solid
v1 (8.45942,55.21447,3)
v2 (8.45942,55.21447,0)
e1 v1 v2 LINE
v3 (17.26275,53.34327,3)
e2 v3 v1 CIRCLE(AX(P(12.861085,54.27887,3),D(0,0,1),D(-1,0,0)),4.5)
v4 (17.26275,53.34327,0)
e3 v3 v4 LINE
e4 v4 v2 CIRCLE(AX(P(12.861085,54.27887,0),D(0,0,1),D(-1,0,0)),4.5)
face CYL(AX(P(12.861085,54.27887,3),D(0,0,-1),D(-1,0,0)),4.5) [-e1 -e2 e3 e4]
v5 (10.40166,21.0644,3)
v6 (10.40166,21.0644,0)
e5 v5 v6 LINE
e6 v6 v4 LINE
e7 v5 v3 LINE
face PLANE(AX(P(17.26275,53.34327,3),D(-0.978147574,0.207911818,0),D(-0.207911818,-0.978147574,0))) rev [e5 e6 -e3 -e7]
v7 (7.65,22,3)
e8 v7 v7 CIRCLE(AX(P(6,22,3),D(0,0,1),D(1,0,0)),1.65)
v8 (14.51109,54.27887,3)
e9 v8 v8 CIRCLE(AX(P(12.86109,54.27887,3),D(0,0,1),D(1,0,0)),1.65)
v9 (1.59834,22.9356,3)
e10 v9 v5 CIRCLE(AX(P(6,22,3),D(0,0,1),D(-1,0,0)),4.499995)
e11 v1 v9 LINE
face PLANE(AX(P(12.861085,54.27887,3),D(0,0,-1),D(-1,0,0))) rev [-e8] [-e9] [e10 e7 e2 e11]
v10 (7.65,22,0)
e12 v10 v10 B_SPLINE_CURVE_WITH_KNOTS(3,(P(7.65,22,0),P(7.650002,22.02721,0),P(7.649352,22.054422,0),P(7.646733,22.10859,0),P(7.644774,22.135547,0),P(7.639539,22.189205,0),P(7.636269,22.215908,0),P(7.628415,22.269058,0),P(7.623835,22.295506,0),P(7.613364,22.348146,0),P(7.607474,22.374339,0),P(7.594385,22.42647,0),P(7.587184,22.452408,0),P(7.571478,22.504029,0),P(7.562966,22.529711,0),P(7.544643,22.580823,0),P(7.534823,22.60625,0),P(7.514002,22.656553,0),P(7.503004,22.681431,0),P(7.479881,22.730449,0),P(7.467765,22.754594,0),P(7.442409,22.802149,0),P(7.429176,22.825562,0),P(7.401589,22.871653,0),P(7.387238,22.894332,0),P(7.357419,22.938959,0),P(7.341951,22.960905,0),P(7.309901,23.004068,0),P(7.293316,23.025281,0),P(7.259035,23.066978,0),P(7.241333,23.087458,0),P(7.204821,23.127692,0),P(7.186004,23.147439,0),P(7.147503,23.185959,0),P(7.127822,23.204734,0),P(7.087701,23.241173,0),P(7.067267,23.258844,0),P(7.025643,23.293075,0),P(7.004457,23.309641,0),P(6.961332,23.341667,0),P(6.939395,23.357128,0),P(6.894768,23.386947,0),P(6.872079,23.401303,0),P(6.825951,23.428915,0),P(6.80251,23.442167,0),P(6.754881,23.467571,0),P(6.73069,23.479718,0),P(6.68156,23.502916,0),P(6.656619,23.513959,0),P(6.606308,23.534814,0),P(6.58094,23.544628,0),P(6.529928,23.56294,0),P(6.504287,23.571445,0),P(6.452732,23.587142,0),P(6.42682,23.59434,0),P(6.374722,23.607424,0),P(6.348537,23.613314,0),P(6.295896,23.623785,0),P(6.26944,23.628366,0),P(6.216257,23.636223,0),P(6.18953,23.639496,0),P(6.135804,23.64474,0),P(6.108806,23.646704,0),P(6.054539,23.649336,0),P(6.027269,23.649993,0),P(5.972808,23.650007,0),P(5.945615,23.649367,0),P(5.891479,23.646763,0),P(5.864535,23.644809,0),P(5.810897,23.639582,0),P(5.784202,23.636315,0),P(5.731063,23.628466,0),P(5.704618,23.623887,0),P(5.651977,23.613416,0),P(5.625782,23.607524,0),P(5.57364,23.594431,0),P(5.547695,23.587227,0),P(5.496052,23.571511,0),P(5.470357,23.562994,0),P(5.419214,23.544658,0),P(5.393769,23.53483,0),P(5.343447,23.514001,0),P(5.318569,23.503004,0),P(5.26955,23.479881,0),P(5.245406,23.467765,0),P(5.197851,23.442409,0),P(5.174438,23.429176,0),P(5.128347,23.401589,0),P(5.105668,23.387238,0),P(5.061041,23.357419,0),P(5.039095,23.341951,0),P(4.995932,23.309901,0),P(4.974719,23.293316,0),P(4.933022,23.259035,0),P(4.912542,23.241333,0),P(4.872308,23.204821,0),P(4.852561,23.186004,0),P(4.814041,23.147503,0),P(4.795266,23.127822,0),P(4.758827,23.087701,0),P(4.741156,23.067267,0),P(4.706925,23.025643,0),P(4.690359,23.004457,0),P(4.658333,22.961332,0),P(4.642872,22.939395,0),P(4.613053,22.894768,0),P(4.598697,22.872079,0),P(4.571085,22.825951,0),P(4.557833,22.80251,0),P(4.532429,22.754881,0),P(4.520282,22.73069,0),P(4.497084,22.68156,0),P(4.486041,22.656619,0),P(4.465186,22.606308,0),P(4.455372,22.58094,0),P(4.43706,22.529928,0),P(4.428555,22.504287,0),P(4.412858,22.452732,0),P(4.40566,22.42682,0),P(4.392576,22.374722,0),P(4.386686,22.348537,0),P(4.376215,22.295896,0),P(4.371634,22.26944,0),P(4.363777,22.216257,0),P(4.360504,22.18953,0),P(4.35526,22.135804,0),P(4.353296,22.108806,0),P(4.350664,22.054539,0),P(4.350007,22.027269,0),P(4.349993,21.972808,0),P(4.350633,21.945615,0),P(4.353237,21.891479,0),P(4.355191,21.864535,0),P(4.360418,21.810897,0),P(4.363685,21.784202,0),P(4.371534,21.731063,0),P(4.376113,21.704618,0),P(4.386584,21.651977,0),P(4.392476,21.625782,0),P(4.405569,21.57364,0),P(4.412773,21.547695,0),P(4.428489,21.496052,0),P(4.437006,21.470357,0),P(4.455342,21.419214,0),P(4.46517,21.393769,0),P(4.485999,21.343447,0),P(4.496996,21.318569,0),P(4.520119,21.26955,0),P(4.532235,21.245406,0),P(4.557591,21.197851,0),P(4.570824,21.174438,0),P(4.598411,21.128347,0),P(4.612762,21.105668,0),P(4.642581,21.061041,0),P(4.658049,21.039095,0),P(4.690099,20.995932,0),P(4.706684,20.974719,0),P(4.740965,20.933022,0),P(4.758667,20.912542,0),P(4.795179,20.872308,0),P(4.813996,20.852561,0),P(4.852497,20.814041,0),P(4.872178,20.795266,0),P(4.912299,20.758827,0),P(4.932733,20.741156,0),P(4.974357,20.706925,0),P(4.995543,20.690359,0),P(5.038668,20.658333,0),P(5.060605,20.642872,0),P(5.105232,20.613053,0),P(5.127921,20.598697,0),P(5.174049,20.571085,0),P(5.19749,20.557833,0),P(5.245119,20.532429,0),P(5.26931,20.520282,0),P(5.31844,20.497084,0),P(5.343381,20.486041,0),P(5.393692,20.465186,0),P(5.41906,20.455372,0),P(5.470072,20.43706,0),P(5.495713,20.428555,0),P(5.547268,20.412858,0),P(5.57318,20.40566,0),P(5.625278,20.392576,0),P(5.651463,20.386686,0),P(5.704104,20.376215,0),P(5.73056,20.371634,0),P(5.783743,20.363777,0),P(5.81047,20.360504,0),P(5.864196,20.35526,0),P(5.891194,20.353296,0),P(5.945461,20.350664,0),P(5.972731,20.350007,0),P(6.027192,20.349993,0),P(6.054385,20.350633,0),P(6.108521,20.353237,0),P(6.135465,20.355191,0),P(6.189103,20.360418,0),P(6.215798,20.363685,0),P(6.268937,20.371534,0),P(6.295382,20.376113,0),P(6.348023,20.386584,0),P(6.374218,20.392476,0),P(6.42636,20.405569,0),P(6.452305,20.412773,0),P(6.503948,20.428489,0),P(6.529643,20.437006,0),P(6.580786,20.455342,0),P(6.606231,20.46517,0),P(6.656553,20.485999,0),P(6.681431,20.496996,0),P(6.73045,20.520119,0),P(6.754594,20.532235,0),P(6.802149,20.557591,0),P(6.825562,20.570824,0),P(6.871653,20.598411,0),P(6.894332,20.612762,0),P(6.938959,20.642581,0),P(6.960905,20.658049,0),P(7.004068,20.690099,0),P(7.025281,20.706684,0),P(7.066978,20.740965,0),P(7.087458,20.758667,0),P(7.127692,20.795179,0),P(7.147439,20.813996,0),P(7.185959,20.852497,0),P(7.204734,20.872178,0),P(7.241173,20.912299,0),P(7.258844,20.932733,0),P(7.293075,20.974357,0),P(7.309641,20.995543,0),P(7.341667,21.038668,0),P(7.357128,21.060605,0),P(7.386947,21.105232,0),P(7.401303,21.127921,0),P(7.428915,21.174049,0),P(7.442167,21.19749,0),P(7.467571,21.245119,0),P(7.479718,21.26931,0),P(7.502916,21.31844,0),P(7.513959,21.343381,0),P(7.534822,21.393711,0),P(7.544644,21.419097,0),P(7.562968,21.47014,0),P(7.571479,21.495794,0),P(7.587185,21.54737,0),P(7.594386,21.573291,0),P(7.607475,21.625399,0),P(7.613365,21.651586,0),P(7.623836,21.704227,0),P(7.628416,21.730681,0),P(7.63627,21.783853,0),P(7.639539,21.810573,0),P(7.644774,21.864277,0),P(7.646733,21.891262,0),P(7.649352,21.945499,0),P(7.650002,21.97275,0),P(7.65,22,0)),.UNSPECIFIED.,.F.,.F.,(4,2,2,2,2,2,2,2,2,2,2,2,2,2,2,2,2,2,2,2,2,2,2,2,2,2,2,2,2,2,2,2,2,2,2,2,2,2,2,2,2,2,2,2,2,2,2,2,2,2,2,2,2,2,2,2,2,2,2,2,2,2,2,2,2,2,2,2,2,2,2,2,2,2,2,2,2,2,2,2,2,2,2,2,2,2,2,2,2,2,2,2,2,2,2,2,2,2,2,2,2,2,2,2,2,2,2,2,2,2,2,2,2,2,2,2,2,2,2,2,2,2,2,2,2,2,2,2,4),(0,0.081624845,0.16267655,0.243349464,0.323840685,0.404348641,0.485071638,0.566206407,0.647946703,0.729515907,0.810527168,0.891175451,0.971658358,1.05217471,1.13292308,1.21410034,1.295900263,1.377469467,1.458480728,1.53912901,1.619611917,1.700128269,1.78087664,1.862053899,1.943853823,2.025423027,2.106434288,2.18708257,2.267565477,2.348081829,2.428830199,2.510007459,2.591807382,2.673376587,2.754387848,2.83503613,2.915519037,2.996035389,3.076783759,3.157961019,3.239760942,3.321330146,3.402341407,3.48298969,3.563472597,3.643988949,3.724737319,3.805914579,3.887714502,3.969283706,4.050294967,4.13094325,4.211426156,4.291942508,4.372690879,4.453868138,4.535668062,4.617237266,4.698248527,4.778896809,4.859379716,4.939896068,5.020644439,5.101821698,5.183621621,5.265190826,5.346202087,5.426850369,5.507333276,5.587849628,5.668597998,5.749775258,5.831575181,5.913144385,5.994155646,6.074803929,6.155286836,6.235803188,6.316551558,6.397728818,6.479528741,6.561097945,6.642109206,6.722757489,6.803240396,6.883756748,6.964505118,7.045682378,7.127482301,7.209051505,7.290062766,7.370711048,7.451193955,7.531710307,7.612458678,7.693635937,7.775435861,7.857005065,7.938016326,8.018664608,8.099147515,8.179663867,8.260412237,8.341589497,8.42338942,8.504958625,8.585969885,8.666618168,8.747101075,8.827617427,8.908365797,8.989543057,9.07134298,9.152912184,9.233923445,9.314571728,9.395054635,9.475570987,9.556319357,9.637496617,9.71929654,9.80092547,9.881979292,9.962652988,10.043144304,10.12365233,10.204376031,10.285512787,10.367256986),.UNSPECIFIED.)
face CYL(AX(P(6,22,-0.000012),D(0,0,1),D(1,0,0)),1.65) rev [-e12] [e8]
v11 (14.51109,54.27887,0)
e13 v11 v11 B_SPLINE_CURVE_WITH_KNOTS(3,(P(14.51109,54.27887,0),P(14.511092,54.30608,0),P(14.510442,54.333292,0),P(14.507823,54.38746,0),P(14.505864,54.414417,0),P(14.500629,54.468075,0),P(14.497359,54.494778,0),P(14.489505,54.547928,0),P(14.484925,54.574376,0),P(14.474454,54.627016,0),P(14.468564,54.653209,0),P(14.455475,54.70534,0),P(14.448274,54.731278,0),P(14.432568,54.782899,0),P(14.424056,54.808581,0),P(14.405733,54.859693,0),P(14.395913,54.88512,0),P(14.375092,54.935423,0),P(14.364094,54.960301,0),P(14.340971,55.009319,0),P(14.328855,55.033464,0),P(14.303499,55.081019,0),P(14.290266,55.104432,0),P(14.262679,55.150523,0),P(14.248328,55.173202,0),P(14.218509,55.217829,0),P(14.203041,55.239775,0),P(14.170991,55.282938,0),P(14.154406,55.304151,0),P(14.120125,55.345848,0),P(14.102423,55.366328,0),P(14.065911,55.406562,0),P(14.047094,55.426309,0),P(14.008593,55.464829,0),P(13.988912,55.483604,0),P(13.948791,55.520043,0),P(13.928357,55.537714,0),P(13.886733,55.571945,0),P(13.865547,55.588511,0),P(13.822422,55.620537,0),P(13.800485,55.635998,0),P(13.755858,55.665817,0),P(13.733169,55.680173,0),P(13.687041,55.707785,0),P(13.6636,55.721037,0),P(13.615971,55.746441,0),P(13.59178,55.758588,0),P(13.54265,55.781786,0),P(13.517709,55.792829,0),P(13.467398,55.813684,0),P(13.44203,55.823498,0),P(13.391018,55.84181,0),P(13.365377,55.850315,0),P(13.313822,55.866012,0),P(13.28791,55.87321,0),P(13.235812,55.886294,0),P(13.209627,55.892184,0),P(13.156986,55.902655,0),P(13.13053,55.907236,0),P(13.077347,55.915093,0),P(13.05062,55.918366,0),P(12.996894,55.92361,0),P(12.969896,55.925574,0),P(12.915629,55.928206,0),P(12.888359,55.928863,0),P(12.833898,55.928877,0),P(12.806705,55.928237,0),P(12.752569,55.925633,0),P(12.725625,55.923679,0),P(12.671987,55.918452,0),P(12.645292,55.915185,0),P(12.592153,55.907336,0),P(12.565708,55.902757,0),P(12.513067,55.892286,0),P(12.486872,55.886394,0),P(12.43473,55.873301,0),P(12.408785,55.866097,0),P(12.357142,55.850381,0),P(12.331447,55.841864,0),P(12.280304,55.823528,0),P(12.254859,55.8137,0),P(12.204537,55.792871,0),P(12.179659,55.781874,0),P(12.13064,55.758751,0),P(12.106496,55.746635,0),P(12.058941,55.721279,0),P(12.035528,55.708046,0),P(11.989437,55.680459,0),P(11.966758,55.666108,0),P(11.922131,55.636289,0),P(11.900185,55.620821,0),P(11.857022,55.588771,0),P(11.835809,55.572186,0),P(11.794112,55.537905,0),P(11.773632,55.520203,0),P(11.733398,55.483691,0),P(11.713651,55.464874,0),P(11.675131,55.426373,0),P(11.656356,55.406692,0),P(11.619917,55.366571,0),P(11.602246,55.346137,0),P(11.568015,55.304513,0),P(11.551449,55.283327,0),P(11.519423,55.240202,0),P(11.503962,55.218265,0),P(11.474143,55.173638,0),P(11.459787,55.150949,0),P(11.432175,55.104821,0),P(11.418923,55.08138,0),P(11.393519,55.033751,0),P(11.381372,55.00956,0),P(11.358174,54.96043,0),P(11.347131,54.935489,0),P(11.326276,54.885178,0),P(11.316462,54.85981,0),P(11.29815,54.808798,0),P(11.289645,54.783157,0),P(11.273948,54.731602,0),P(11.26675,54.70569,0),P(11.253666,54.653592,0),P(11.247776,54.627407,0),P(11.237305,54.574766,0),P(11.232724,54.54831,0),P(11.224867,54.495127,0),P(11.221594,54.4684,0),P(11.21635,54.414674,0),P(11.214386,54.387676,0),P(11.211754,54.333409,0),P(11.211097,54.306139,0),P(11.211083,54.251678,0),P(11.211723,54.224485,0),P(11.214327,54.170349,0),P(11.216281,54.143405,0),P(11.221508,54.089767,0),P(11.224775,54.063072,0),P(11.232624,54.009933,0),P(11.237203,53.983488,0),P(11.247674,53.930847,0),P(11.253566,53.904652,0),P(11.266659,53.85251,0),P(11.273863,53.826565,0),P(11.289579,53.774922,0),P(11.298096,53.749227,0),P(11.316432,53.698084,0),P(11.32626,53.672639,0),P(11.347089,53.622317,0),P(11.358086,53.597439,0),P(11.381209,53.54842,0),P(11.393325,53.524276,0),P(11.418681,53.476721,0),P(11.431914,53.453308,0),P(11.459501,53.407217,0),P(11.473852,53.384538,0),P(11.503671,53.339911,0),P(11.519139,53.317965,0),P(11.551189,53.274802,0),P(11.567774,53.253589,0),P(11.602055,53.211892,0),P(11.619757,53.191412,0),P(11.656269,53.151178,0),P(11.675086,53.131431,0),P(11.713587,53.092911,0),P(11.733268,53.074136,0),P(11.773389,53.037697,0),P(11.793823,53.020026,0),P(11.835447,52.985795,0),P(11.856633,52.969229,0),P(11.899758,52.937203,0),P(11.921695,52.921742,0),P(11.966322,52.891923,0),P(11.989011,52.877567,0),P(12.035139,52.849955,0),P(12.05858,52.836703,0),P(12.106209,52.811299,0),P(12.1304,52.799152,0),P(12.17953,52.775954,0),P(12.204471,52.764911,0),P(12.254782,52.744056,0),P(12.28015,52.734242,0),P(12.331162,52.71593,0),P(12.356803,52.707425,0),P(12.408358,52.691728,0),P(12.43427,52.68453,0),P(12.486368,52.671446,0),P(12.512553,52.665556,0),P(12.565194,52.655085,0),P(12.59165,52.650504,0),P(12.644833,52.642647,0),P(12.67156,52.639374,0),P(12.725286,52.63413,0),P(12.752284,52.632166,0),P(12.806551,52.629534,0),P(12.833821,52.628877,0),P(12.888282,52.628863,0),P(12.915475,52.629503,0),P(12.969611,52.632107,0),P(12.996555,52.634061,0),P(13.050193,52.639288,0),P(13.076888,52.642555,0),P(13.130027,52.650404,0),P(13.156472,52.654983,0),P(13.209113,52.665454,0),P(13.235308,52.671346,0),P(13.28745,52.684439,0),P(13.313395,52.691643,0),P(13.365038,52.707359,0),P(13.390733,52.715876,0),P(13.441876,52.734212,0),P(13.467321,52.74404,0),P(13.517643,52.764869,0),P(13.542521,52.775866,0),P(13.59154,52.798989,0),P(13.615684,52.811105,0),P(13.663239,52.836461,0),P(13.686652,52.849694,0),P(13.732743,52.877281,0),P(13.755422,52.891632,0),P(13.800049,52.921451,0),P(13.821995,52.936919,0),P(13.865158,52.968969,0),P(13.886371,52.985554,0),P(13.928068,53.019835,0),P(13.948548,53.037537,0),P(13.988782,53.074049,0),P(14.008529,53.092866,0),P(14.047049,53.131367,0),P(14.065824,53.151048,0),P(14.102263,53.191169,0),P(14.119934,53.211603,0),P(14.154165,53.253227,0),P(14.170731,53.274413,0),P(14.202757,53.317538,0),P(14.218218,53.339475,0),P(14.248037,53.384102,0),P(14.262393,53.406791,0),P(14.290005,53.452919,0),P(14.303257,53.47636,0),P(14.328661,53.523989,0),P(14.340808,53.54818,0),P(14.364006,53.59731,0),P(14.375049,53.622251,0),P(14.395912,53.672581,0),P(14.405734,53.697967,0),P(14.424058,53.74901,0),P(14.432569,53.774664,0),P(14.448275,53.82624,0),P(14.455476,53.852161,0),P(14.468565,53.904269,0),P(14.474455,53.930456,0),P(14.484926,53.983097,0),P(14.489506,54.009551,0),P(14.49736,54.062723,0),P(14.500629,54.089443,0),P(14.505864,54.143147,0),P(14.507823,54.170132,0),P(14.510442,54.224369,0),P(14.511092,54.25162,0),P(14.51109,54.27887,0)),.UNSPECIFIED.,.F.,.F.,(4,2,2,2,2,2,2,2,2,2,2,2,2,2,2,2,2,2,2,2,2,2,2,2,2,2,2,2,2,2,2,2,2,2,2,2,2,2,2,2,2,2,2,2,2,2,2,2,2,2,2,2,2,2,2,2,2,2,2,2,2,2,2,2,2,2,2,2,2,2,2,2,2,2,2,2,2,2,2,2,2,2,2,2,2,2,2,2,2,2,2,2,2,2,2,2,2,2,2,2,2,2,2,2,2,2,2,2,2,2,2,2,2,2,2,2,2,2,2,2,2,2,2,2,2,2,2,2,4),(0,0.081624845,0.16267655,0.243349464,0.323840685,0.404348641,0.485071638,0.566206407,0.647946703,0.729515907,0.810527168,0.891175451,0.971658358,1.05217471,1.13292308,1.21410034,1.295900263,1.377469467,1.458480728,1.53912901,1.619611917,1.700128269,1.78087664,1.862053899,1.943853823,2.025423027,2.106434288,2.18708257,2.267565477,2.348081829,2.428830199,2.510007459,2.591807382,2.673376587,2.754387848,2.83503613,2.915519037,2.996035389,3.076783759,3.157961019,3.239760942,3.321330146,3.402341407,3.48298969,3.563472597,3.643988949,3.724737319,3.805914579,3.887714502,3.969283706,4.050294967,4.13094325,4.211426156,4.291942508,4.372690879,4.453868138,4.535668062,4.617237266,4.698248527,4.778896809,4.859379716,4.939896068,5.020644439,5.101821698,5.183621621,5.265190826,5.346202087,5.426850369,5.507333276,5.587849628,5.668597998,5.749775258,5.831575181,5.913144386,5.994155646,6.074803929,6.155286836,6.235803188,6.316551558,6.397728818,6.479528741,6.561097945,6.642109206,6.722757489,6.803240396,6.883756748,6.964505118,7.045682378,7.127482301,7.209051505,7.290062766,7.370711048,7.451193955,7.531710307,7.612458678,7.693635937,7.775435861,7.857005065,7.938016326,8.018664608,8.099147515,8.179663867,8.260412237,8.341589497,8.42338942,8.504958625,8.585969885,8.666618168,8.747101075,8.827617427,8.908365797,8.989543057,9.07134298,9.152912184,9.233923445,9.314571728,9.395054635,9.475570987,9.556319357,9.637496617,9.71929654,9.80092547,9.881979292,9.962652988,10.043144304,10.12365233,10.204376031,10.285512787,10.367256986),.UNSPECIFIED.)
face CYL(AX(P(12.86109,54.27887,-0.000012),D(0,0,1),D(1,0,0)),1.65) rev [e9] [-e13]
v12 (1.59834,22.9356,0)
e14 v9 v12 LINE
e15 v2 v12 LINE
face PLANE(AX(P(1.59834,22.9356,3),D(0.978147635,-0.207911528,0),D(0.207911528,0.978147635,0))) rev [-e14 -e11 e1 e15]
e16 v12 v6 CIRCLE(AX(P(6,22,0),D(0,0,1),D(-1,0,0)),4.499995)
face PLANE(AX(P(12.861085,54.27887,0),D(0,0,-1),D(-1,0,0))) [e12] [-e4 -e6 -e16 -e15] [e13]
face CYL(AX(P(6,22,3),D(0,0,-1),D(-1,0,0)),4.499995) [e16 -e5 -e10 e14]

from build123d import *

# Parameters (mm, degrees)
PLASTINA_DEPTH        = 3
OTVERSTIYA_DEPTH      = 62.362552644
OTVERSTIYA_DEPTH_BACK = 62.362552644
ESKIZ_OTVERSTIYA_R    = 1.65


with BuildPart() as part:
    # Eskiz_kontur → Plastina (new body)
    with BuildSketch(Plane.XY):
        with BuildLine():
            Line((17.26275, 53.34327), (10.40166, 21.0644))
            ThreePointArc((10.40166, 21.0644), (5.0644, 17.59834), (1.59834, 22.9356))
            Line((1.59834, 22.9356), (8.45942, 55.21447))
            ThreePointArc((8.45942, 55.21447), (13.796685, 58.680535), (17.26275, 53.34327))
        make_face()
    extrude(amount=PLASTINA_DEPTH)

    # Eskiz_otverstiya → Otverstiya (cut, two sides: drawn at the far end of the back side and taken through both)
    with BuildSketch(Plane.XY.offset(-OTVERSTIYA_DEPTH_BACK)):
        with Locations((6, 22)):
            Circle(ESKIZ_OTVERSTIYA_R)
        with Locations((12.86109, 54.27887)):
            Circle(ESKIZ_OTVERSTIYA_R)
    extrude(amount=OTVERSTIYA_DEPTH + OTVERSTIYA_DEPTH_BACK, mode=Mode.SUBTRACT)


solid = part.part
